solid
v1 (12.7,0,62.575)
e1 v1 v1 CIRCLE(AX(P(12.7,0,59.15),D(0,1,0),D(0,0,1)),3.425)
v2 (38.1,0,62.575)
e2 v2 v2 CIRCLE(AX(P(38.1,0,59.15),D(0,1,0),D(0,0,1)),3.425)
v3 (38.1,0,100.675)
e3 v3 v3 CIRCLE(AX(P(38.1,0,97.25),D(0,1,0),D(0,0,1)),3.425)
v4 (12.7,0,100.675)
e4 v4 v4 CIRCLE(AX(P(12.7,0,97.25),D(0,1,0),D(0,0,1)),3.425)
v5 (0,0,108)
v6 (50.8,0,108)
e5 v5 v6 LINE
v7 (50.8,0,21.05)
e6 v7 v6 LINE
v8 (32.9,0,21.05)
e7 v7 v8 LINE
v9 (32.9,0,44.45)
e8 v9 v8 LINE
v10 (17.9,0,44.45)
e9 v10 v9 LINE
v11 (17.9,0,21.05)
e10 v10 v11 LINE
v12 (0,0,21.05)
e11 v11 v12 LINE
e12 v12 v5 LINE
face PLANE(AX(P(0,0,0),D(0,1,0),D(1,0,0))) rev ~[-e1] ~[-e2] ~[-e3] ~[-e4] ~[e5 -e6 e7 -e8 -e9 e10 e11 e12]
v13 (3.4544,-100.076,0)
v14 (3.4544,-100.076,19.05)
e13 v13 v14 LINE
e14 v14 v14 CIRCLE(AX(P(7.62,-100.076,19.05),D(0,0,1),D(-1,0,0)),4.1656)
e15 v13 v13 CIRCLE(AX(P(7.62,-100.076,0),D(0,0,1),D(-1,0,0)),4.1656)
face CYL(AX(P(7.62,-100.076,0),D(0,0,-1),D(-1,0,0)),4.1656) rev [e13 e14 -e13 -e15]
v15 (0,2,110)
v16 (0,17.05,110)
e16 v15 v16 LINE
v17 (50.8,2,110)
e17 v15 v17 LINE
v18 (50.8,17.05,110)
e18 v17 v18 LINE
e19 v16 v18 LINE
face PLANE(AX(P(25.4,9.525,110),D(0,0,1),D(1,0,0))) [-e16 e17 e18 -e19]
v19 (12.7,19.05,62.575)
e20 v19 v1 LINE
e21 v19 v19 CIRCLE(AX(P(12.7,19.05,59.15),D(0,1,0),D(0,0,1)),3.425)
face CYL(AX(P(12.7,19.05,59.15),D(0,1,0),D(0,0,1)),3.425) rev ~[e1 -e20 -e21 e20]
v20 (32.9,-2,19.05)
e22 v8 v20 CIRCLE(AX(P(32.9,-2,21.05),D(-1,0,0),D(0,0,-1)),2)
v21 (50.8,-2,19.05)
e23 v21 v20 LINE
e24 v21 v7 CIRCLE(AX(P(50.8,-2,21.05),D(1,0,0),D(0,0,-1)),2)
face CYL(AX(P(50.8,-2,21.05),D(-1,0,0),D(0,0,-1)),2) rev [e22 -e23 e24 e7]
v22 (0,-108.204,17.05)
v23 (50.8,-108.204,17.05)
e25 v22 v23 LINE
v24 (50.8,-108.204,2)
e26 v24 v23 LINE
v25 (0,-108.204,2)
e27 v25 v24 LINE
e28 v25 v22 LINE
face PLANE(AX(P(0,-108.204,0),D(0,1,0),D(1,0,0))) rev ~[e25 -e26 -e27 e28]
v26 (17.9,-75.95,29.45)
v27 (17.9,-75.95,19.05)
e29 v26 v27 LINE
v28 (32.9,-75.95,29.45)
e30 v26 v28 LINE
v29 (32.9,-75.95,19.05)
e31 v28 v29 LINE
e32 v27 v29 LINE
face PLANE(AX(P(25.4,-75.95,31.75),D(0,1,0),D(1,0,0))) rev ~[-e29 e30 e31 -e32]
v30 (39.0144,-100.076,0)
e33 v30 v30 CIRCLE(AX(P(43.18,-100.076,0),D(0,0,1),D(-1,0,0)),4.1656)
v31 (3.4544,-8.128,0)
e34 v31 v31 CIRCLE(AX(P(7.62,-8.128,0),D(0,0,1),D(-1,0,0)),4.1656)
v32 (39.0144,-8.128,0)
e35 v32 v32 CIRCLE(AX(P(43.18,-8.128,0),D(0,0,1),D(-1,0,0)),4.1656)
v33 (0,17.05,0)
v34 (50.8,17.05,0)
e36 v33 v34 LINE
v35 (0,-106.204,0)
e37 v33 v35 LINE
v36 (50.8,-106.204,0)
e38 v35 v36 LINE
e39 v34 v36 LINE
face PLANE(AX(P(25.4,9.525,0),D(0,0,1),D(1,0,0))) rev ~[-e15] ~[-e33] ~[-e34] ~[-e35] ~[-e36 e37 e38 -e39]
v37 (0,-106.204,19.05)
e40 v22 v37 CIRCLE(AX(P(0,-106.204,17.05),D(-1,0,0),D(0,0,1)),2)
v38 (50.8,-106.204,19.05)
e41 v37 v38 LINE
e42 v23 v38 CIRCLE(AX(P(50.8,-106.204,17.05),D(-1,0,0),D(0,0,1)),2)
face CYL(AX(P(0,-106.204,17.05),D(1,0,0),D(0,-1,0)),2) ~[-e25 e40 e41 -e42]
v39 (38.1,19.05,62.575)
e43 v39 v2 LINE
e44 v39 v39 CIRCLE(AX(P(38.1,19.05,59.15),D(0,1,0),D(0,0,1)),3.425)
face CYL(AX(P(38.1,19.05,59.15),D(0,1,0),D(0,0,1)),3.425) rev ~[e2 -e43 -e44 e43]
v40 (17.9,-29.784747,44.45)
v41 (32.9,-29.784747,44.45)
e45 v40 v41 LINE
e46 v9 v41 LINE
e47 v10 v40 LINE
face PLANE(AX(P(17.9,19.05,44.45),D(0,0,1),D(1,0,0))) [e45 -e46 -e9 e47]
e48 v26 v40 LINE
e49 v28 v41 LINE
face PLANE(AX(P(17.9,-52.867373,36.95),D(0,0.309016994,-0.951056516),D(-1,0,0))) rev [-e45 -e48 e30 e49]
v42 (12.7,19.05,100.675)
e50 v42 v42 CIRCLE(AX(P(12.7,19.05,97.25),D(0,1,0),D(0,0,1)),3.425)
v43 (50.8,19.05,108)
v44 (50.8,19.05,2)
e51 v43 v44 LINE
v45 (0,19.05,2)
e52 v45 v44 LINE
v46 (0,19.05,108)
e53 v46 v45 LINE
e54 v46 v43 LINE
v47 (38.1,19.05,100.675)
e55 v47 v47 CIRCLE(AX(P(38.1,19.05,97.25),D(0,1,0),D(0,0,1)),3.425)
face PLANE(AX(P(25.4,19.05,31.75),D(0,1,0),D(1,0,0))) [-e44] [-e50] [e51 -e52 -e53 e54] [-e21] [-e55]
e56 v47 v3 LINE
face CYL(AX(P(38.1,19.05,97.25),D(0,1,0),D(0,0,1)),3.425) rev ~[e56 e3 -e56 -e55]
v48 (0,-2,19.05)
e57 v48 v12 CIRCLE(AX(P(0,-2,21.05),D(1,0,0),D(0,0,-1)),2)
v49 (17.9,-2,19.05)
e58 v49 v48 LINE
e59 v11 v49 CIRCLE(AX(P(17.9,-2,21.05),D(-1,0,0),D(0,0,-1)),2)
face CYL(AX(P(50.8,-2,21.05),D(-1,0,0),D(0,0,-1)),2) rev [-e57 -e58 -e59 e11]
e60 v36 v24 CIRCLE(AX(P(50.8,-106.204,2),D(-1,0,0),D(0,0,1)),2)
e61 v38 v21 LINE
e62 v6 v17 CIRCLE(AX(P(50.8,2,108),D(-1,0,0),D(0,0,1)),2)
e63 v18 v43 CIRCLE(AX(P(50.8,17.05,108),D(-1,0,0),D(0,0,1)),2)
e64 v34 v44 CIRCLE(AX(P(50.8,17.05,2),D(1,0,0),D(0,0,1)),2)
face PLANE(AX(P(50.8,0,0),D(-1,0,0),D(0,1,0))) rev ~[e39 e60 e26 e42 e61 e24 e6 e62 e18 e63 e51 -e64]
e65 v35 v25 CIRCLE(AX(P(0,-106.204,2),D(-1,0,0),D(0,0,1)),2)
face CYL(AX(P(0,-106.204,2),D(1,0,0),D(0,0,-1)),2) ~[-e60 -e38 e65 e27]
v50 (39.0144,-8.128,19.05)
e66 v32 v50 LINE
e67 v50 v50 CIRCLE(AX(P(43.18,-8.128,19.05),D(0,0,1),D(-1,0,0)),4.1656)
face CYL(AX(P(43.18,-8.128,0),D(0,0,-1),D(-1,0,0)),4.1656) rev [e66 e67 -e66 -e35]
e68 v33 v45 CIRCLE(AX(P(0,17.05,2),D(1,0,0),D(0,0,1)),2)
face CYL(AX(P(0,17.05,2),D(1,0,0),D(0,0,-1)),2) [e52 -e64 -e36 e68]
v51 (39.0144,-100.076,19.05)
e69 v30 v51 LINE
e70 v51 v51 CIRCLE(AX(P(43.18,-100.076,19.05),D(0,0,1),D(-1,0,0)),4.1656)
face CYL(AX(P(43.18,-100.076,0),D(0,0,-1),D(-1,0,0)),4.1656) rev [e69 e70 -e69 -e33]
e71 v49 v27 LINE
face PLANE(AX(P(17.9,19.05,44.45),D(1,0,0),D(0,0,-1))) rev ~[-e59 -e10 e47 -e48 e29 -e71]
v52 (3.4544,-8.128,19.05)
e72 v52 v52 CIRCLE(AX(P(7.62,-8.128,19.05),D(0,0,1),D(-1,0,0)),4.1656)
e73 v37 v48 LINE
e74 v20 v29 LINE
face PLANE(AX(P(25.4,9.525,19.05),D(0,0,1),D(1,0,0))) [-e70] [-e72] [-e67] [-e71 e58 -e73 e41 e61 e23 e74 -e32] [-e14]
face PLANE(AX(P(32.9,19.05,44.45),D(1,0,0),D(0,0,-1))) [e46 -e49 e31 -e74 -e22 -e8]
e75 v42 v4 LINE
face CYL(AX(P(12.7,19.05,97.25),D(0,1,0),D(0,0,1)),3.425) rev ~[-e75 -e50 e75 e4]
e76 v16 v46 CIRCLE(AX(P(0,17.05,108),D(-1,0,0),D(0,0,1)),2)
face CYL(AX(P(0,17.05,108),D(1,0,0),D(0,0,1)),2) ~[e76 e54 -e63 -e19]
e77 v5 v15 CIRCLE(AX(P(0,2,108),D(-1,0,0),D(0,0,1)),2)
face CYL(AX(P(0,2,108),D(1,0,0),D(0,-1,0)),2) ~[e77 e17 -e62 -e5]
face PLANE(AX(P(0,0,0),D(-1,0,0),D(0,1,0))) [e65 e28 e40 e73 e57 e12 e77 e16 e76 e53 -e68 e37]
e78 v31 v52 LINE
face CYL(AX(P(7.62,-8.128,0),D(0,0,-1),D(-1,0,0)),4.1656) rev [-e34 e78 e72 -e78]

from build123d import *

# Parameters (mm, degrees)
SKETCH1_W           = 50.8
SKETCH1_H           = 127.254
SKETCH1_R           = 4.1656
BOSS_EXTRUDE1_DEPTH = 19.05
SKETCH1_3_W         = 50.8
SKETCH1_3_H         = 19.05
BOSS_EXTRUDE2_DEPTH = 110
SKETCH2_R           = 3.425
CUT_EXTRUDE1_DEPTH  = 176.710615832
FILLET1_R           = 2
SKETCH2_4_W         = 15
SKETCH2_4_H         = 25.4
BOSS_EXTRUDE3_DEPTH = 95
CHAMFER1_SIZE       = 15
CHAMFER1_SIZE2      = 46.165253058


with BuildPart() as part:
    # Sketch1 → Boss-Extrude1 (new body)
    with BuildSketch(Plane.XY):
        with Locations((25.4, -44.577)):
            Rectangle(SKETCH1_W, SKETCH1_H)
        with Locations((43.18, -8.128)):
            Circle(SKETCH1_R, mode=Mode.SUBTRACT)
        with Locations((7.62, -100.076)):
            Circle(SKETCH1_R, mode=Mode.SUBTRACT)
        with Locations((43.18, -100.076)):
            Circle(SKETCH1_R, mode=Mode.SUBTRACT)
        with Locations((7.62, -8.128)):
            Circle(SKETCH1_R, mode=Mode.SUBTRACT)
    extrude(amount=BOSS_EXTRUDE1_DEPTH)

    # Sketch1<3> → Boss-Extrude2 (add)
    with BuildSketch(Plane.XY):
        with Locations((25.4, 9.525)):
            Rectangle(SKETCH1_3_W, SKETCH1_3_H)
    extrude(amount=BOSS_EXTRUDE2_DEPTH)

    # Sketch2 → Cut-Extrude1 (cut, through all)
    with BuildSketch(Plane(origin=(0, 19.05, 0), x_dir=(1, 0, 0), z_dir=(0, 1, 0))):
        with Locations((12.7, -97.25)):
            Circle(SKETCH2_R)
        with Locations((38.1, -97.25)):
            Circle(SKETCH2_R)
        with Locations((12.7, -59.15)):
            Circle(SKETCH2_R)
        with Locations((38.1, -59.15)):
            Circle(SKETCH2_R)
    extrude(amount=-CUT_EXTRUDE1_DEPTH, mode=Mode.SUBTRACT)

    # Fillet1
    fillet1_edges = [part.edges().sort_by_distance(p)[0] for p in [
        (25.4, 19.05, 0),
        (25.4, 0, 110),
        (25.4, 19.05, 110),
        (25.4, -108.204, 19.05),
        (25.4, -108.204, 0),
        (25.4, 0, 19.05),
    ]]
    fillet(fillet1_edges, radius=FILLET1_R)

    # Sketch2<4> → Boss-Extrude3 (add)
    with BuildSketch(Plane(origin=(0, 19.05, 0), x_dir=(1, 0, 0), z_dir=(0, 1, 0))):
        with Locations((25.4, -31.75)):
            Rectangle(SKETCH2_4_W, SKETCH2_4_H)
    extrude(amount=-BOSS_EXTRUDE3_DEPTH)

    # Chamfer1
    chamfer1_edges = [part.edges().sort_by_distance(p)[0] for p in [
        (25.4, -75.95, 44.45),
    ]]
    chamfer1_side = [part.faces().sort_by_distance(p)[0] for p in [
        (25.4, -75.95, 31.75),
    ]]
    chamfer(chamfer1_edges, length=CHAMFER1_SIZE, length2=CHAMFER1_SIZE2, reference=chamfer1_side[0])


solid = part.part
